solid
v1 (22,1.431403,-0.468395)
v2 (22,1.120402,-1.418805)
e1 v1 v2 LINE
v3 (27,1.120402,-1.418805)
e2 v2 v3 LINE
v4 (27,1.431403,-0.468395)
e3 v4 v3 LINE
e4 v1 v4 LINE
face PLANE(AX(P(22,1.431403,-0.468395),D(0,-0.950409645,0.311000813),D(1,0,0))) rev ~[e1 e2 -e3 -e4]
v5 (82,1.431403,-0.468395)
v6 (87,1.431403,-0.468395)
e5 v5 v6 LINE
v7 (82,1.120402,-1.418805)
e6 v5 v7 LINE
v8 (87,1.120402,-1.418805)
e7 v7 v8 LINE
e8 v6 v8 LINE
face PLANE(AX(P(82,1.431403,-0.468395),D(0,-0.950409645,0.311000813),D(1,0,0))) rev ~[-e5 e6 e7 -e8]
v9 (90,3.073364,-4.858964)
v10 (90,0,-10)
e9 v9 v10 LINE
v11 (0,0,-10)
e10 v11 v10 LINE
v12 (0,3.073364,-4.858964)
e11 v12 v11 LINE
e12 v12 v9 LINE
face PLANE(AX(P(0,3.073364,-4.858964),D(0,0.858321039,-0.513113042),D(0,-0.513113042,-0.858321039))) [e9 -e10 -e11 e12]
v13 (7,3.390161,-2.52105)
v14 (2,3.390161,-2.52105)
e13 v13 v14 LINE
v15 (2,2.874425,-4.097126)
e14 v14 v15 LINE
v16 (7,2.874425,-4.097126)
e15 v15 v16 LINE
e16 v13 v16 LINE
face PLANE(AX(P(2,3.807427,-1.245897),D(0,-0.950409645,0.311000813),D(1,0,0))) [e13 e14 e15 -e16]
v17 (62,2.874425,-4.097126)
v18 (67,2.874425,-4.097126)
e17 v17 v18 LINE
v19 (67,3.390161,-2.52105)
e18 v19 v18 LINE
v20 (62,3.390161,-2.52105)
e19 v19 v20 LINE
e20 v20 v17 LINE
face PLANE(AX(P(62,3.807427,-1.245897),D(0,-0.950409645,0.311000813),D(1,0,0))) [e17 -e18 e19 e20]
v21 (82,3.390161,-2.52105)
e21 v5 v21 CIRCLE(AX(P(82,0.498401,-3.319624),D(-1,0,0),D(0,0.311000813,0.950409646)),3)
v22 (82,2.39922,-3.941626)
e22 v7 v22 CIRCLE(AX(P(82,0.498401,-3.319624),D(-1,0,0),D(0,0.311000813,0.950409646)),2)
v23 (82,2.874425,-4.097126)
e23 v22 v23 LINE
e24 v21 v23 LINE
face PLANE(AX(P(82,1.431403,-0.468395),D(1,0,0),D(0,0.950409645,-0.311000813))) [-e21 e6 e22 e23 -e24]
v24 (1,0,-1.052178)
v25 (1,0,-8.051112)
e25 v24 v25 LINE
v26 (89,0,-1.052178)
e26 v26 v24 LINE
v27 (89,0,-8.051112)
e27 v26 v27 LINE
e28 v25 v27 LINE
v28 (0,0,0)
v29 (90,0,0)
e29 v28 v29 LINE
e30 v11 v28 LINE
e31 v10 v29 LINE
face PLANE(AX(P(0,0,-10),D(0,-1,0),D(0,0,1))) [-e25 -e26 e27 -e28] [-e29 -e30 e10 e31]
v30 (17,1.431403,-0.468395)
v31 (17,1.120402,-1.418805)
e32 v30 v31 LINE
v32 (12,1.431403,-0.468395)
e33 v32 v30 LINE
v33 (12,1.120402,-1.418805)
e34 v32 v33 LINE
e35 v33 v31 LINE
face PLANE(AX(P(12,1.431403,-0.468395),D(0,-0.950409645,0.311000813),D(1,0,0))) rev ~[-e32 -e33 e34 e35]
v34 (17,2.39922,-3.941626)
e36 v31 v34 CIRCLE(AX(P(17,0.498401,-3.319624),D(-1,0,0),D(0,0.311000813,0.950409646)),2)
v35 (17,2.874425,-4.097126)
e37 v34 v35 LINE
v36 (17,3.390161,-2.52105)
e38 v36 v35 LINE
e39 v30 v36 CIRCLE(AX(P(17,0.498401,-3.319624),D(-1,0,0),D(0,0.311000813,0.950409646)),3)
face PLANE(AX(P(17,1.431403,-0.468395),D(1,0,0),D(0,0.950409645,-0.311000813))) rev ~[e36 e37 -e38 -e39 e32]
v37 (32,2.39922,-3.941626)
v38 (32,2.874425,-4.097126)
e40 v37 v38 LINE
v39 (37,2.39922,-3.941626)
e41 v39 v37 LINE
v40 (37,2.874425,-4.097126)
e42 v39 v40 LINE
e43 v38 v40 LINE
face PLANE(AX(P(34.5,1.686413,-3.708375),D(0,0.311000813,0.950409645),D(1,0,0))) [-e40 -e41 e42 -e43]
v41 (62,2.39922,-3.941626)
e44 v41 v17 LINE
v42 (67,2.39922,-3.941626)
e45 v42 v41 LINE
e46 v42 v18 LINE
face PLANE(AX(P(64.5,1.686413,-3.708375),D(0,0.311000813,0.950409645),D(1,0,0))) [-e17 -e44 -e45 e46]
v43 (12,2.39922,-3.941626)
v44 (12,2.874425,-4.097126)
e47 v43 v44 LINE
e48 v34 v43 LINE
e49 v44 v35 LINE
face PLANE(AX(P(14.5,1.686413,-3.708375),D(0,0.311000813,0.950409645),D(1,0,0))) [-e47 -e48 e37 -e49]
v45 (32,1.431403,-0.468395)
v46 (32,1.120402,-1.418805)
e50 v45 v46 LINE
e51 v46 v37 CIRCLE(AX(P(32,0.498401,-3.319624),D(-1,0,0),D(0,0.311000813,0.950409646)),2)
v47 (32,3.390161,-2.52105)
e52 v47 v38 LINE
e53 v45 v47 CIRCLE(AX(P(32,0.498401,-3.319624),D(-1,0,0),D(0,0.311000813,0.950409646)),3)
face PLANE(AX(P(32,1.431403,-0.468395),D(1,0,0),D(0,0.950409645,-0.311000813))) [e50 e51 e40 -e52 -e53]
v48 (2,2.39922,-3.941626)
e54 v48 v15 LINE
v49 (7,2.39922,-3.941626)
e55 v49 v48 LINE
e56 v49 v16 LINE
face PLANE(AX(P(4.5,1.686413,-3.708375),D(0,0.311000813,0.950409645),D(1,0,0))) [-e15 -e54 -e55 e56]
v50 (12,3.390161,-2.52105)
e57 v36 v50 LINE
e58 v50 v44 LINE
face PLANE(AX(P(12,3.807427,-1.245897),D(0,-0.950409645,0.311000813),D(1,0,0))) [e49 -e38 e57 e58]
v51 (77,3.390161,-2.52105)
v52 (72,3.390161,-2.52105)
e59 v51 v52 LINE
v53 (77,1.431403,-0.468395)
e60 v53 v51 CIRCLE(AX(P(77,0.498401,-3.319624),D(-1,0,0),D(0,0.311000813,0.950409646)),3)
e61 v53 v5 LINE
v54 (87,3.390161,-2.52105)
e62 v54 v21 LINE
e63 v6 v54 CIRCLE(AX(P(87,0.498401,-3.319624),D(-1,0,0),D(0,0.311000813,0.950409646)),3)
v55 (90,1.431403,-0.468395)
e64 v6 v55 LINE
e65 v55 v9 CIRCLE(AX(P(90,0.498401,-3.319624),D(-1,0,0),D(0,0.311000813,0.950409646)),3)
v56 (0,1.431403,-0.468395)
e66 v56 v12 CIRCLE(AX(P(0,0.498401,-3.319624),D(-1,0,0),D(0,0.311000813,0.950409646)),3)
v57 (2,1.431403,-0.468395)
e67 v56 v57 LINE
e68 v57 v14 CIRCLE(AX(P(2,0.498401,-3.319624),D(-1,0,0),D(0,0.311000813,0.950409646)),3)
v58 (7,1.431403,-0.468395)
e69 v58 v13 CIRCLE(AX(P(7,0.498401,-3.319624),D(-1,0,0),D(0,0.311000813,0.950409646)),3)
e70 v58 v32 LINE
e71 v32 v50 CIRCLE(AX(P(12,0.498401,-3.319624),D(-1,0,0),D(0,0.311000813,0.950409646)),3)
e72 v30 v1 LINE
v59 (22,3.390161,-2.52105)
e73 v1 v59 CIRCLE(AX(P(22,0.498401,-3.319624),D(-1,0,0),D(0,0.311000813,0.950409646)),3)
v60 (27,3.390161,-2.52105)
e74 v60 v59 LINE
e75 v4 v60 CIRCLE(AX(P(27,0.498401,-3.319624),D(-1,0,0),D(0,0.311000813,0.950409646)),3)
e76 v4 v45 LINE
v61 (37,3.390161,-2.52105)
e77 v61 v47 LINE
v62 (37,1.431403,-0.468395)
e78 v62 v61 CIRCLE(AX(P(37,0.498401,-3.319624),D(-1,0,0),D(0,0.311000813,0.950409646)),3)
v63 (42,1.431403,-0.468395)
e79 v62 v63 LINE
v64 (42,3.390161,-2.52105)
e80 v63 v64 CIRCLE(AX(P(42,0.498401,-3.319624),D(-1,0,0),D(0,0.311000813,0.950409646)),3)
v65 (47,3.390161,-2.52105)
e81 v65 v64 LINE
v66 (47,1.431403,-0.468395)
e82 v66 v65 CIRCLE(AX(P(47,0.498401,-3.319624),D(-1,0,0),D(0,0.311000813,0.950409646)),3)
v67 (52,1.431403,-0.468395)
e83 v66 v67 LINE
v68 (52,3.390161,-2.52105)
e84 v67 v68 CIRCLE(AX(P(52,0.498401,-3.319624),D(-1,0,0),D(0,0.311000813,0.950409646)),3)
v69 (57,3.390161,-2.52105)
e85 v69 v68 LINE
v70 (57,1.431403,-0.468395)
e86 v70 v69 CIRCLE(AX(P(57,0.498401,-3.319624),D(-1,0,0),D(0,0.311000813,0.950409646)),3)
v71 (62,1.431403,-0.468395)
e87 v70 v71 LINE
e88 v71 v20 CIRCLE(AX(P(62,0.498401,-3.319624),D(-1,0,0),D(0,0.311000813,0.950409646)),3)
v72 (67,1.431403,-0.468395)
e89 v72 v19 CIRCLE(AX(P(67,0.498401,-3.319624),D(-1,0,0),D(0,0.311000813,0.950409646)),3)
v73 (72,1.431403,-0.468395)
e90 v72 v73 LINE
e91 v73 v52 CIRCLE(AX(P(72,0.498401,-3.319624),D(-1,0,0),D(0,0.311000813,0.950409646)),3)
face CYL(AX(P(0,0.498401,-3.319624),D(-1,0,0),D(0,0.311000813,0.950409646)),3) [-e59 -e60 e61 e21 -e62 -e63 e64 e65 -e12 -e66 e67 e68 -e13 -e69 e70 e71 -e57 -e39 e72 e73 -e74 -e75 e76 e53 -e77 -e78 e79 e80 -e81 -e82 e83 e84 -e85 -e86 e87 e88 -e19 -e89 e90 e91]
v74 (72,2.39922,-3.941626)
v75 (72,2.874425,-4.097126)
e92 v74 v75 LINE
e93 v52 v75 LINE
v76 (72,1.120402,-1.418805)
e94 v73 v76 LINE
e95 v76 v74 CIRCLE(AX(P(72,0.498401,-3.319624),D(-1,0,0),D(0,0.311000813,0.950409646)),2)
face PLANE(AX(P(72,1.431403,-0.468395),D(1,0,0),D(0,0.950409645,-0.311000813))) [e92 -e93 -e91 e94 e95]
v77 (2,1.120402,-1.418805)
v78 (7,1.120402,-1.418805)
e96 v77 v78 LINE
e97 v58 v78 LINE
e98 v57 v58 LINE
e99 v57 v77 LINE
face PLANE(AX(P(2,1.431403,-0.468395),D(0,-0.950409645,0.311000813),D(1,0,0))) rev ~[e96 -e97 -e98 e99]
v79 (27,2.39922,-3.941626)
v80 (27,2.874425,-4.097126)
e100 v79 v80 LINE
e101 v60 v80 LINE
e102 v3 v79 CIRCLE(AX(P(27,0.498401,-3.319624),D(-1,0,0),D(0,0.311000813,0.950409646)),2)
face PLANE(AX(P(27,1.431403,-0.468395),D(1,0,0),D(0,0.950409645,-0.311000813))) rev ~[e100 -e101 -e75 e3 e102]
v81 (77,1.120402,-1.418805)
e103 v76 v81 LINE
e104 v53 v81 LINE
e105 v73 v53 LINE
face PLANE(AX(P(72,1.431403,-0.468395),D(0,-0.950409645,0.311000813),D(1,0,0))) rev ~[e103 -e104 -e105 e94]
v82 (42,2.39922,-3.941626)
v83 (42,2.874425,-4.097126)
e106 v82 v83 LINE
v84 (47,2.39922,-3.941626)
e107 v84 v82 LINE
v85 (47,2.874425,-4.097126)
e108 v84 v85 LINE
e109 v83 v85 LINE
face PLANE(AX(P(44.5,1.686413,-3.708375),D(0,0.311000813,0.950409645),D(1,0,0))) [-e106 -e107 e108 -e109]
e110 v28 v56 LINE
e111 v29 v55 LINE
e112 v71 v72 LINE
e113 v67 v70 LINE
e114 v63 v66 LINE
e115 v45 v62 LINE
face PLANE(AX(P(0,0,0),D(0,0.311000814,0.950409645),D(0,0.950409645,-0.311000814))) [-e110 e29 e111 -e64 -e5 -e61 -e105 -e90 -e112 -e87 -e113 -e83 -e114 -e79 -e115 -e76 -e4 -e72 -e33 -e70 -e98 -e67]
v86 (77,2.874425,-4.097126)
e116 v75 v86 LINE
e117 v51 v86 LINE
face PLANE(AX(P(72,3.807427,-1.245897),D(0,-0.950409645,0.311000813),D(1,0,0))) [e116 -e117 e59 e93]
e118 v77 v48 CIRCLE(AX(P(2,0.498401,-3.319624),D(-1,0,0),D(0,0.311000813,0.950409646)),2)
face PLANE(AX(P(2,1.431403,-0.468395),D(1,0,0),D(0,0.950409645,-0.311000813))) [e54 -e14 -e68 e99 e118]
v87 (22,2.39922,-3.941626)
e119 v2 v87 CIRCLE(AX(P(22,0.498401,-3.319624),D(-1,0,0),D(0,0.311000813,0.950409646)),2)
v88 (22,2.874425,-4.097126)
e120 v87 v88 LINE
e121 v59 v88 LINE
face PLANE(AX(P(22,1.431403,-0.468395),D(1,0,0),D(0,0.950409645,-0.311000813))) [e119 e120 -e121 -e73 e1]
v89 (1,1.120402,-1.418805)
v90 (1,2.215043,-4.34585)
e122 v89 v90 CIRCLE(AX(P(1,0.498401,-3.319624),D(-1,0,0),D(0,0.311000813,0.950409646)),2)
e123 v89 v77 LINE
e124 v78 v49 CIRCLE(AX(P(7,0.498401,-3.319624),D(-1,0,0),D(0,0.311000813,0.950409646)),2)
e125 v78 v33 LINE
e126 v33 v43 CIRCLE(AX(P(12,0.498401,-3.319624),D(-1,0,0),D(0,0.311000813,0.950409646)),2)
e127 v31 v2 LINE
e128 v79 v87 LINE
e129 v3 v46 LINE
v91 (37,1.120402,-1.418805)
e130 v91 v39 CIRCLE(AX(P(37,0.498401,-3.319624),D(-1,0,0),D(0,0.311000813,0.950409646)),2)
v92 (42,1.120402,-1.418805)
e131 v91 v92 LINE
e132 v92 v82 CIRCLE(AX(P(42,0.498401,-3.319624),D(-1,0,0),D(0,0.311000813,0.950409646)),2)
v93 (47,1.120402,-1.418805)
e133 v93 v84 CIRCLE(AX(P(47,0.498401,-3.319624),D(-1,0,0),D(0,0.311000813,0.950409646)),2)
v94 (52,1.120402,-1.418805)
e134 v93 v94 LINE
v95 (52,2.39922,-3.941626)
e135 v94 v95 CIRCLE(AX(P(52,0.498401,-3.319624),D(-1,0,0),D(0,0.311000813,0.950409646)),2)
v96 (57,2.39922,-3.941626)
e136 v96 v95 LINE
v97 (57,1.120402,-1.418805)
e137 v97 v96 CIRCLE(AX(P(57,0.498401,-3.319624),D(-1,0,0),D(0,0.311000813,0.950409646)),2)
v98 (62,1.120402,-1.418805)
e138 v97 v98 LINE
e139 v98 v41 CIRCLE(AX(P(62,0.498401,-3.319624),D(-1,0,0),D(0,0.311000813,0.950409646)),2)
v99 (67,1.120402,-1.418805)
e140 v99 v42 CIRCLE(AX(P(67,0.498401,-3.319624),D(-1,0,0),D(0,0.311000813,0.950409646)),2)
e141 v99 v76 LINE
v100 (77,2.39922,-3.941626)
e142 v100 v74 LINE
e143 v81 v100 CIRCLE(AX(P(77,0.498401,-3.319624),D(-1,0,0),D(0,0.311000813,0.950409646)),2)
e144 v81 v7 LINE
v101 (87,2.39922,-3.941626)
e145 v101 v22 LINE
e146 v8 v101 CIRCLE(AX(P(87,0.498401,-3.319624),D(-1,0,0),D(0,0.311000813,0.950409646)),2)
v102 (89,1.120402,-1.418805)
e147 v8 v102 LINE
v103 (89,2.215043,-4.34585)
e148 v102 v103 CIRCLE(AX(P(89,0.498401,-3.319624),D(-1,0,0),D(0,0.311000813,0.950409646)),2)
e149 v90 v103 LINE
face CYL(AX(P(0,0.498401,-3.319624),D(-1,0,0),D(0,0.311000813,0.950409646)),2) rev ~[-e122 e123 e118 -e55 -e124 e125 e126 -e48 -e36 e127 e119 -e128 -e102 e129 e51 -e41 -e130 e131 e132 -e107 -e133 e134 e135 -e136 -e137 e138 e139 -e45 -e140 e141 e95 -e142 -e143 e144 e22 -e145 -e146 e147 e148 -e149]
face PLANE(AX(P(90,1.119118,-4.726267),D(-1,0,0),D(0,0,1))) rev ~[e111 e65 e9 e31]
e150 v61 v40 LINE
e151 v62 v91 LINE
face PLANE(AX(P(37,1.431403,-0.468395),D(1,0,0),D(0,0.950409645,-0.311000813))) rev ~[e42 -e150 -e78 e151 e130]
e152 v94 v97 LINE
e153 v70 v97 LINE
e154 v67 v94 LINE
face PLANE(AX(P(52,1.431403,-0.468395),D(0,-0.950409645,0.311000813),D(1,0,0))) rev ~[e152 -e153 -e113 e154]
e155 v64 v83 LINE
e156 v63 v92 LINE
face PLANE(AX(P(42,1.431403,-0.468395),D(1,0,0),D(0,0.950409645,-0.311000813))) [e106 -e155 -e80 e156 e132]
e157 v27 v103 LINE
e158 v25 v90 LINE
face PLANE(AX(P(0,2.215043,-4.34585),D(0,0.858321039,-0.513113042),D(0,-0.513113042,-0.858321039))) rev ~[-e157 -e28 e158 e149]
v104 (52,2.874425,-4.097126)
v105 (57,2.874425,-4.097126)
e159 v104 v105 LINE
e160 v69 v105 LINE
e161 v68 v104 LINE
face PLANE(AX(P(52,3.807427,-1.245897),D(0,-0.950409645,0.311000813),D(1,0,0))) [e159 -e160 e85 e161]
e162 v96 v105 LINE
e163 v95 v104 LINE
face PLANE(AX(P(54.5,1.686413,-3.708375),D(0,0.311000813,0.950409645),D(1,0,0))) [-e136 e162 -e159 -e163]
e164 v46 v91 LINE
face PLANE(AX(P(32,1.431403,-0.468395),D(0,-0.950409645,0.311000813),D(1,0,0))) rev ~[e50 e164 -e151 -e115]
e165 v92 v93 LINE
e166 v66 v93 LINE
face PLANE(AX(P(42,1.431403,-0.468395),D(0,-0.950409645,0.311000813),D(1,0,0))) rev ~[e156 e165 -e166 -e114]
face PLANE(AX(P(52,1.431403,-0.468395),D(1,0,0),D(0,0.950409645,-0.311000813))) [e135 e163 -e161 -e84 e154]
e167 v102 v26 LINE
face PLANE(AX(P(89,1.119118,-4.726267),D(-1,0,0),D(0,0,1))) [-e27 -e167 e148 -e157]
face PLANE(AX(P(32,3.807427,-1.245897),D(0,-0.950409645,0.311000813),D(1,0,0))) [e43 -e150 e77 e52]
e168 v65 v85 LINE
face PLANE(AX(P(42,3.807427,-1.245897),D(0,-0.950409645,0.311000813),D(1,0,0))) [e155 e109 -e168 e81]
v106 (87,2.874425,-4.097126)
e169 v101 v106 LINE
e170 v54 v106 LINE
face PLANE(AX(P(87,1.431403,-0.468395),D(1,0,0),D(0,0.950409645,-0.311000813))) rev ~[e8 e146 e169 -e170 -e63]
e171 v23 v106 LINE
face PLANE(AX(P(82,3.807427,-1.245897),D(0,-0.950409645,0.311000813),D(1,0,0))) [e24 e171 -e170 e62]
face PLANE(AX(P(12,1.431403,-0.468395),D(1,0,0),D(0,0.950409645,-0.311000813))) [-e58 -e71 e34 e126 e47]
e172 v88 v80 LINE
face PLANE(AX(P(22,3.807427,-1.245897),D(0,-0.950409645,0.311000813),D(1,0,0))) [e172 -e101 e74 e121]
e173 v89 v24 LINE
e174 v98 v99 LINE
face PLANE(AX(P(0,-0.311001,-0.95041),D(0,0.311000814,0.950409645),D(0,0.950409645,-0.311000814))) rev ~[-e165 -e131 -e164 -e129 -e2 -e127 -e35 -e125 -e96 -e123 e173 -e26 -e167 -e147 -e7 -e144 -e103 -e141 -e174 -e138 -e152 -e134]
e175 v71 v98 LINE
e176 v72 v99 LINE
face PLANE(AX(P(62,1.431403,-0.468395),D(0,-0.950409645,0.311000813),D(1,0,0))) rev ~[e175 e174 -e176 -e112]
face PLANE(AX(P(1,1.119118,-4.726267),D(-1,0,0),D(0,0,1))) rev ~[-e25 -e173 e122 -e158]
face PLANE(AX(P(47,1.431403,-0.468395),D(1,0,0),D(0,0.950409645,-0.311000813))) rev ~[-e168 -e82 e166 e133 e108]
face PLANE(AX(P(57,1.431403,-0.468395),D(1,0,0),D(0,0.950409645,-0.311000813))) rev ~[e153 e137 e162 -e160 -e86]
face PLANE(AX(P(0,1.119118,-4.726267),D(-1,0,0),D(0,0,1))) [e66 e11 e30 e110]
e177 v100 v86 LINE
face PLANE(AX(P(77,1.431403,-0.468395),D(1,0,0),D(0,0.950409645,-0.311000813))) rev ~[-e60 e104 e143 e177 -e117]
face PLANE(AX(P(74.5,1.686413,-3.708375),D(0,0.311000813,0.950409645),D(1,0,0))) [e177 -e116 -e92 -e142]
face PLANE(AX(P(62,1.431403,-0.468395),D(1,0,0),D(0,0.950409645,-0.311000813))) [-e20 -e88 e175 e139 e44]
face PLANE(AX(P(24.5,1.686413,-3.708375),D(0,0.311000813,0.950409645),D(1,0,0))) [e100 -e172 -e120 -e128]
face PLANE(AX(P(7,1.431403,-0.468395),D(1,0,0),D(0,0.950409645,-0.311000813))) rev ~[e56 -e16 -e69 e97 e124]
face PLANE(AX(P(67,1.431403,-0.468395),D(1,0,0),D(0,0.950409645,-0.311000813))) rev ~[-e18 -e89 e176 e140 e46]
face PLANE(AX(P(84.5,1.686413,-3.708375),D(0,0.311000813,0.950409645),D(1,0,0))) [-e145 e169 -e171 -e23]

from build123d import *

# Parameters (mm, degrees)
BOSS_EXTRUDE1_DEPTH = 90
SHELL1_T            = -1
SKETCH2_W           = 5
SKETCH2_H           = 2.5
CUT_EXTRUDE2_DEPTH  = 3


with BuildPart() as part:
    # Sketch1 → Boss-Extrude1 (new body)
    with BuildSketch(Plane(origin=(0, 0, 0), x_dir=(0, 0, -1), z_dir=(1, 0, 0))):
        with BuildLine():
            Line((0, 0), (0.468395453, 1.431403189))
            ThreePointArc((0.468395453, 1.431403189), (2.268780711, 3.308334479), (4.858963514, 3.073363867))
            Line((4.858963514, 3.073363867), (10, 0))
            Line((10, 0), (0, 0))
        make_face()
    extrude(amount=BOSS_EXTRUDE1_DEPTH)

    # Shell1
    shell1_openings = [part.faces().sort_by_distance(p)[0] for p in [
        (45, 0, -5),
    ]]
    offset(amount=SHELL1_T, openings=shell1_openings, kind=Kind.INTERSECTION)

    # Sketch2 → Cut-Extrude2 (cut)
    with BuildSketch(Plane(origin=(0, 0, 0), x_dir=(1, 0, 0), z_dir=(0, 0.311000813, 0.950409645))):
        with Locations((4.5, 2.756090765)):
            Rectangle(SKETCH2_W, SKETCH2_H)
        with Locations((14.5, 2.756090765)):
            Rectangle(SKETCH2_W, SKETCH2_H)
        with Locations((24.5, 2.756090765)):
            Rectangle(SKETCH2_W, SKETCH2_H)
        with Locations((34.5, 2.756090765)):
            Rectangle(SKETCH2_W, SKETCH2_H)
        with Locations((44.5, 2.756090765)):
            Rectangle(SKETCH2_W, SKETCH2_H)
        with Locations((54.5, 2.756090765)):
            Rectangle(SKETCH2_W, SKETCH2_H)
        with Locations((64.5, 2.756090765)):
            Rectangle(SKETCH2_W, SKETCH2_H)
        with Locations((74.5, 2.756090765)):
            Rectangle(SKETCH2_W, SKETCH2_H)
        with Locations((84.5, 2.756090765)):
            Rectangle(SKETCH2_W, SKETCH2_H)
    extrude(amount=-CUT_EXTRUDE2_DEPTH, mode=Mode.SUBTRACT)


solid = part.part
